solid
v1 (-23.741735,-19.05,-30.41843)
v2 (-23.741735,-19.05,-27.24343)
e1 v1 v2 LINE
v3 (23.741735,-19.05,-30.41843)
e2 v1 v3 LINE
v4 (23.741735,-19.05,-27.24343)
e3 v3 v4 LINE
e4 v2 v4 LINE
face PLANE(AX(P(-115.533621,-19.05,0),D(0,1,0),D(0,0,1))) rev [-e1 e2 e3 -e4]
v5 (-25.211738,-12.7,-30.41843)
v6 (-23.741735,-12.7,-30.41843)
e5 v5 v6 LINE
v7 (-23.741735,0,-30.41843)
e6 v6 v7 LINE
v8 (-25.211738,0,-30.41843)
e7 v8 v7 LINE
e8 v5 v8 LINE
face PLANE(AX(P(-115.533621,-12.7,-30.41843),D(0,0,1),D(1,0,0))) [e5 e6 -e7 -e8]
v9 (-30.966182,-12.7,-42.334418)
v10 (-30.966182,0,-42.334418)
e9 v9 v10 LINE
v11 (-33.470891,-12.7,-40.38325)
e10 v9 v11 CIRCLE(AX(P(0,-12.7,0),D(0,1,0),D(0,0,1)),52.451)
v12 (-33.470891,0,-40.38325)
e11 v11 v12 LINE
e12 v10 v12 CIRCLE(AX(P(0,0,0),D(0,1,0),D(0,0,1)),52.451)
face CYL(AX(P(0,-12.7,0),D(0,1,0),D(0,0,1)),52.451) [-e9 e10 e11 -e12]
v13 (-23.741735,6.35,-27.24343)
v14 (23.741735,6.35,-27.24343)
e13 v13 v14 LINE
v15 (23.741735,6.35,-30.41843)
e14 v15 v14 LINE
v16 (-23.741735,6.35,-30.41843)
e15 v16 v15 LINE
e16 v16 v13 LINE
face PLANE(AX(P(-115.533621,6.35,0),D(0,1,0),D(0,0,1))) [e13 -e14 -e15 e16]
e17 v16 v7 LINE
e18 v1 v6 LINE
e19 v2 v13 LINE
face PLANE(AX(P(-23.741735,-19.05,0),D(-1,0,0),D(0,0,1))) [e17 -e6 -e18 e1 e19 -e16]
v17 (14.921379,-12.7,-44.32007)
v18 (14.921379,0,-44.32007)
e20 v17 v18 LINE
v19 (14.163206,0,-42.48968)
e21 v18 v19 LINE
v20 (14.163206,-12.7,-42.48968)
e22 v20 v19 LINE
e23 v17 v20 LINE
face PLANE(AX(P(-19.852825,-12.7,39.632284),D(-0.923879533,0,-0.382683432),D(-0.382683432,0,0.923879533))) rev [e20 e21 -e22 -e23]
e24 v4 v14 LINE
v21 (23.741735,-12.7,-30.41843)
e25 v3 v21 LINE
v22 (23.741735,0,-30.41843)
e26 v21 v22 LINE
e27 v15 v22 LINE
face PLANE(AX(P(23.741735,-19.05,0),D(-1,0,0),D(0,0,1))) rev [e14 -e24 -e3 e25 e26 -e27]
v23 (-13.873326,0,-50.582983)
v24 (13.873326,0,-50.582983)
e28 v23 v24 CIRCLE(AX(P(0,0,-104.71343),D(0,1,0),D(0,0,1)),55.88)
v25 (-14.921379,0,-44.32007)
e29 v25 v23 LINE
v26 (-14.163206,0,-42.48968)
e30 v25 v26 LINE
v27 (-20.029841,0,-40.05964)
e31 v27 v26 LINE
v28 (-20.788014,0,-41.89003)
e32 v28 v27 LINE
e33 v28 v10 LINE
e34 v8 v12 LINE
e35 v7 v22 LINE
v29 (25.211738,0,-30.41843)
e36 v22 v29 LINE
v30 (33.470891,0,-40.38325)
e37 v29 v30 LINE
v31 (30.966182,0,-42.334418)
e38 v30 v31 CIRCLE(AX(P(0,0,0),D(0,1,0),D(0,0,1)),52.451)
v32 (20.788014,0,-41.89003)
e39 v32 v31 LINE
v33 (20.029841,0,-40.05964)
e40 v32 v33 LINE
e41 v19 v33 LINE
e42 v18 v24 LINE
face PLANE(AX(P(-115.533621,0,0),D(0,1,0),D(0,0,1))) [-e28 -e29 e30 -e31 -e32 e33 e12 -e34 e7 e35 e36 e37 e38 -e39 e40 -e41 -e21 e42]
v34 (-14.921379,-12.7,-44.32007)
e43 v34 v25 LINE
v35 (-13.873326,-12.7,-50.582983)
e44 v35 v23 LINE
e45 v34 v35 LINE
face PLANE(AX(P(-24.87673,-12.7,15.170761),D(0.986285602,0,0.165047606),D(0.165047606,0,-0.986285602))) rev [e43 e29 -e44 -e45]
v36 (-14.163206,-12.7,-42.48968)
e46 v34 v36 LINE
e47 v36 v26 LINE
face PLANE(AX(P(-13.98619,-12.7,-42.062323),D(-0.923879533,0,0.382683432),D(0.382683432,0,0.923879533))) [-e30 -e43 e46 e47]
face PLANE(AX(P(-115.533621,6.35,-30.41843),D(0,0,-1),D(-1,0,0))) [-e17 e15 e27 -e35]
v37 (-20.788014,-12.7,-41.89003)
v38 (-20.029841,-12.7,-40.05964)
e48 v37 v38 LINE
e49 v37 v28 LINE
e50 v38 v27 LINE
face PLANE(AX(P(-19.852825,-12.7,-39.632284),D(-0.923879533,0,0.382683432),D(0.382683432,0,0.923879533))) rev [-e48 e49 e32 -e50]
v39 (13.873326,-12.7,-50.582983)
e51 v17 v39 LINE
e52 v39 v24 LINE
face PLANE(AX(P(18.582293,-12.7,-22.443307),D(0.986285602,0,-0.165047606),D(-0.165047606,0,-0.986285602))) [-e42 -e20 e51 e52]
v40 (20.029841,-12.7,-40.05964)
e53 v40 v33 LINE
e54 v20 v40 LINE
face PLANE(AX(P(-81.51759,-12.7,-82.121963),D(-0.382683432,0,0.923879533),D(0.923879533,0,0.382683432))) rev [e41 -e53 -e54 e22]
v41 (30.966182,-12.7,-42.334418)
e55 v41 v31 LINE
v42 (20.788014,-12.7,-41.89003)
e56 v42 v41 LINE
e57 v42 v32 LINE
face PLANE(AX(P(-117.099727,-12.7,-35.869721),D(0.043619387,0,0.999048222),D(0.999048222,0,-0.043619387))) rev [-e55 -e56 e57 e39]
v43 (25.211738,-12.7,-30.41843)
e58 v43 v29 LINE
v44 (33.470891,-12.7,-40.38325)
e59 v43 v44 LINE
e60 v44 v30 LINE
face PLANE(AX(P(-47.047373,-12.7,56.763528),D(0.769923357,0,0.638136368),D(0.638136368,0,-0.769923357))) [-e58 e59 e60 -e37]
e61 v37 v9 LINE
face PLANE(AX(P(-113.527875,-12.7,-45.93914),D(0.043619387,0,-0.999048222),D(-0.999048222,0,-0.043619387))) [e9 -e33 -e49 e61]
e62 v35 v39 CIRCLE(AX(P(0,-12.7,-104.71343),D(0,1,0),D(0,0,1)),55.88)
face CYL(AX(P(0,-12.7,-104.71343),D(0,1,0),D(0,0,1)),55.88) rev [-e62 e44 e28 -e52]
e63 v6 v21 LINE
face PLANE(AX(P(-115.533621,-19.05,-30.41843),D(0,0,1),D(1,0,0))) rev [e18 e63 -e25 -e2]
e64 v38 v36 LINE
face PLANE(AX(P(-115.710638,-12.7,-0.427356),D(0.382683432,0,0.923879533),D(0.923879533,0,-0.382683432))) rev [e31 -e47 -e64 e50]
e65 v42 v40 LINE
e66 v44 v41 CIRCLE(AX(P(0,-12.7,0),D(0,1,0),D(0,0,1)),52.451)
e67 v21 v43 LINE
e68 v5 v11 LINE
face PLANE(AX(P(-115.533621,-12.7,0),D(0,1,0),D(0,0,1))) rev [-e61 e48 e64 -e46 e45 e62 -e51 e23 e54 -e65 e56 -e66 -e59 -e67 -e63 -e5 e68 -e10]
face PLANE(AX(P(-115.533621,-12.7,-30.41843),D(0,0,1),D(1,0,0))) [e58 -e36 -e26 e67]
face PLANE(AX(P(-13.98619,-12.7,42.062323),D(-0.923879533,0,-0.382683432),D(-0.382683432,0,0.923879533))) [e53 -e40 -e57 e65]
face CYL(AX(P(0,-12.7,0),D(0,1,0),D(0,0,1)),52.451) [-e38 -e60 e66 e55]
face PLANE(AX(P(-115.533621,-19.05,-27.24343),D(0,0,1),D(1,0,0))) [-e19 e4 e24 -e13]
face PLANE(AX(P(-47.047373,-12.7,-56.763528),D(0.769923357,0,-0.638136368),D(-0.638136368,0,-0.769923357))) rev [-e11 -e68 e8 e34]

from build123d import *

# Parameters (mm, degrees)
BOSS_EXTRUDE1_DEPTH = 12.7
SKETCH1_5_W         = 47.483470806
SKETCH1_5_H         = 3.175
BOSS_EXTRUDE2_DEPTH = 6.35
SKETCH1_6_W         = 47.483470806
SKETCH1_6_H         = 3.175
BOSS_EXTRUDE3_DEPTH = 19.05


with BuildPart() as part:
    # Sketch1 → Boss-Extrude1 (new body)
    with BuildSketch(Plane(origin=(0, 0, 0), x_dir=(1, 0, 0), z_dir=(0, 1, 0))):
        with BuildLine():
            Line((25.211738376, 30.418429692), (33.470890643, 40.38325))
            ThreePointArc((33.470890643, 40.38325), (32.233303271, 41.377790676), (30.966181765, 42.334418478))
            Line((30.966181765, 42.334418478), (20.788013819, 41.890030069))
            Line((20.788013819, 41.890030069), (20.029841402, 40.059639939))
            Line((20.029841402, 40.059639939), (14.163206371, 42.489679735))
            Line((14.163206371, 42.489679735), (14.921378787, 44.320069864))
            Line((14.921378787, 44.320069864), (13.87332649, 50.582983434))
            ThreePointArc((13.87332649, 50.582983434), (0, 48.833429692), (-13.87332649, 50.582983434))
            Line((-13.87332649, 50.582983434), (-14.921378787, 44.320069864))
            Line((-14.921378787, 44.320069864), (-14.163206371, 42.489679735))
            Line((-14.163206371, 42.489679735), (-20.029841402, 40.059639939))
            Line((-20.029841402, 40.059639939), (-20.788013819, 41.890030069))
            Line((-20.788013819, 41.890030069), (-30.966181765, 42.334418478))
            ThreePointArc((-30.966181765, 42.334418478), (-32.233303271, 41.377790676), (-33.470890643, 40.38325))
            Line((-33.470890643, 40.38325), (-25.211738376, 30.418429692))
            Line((-25.211738376, 30.418429692), (25.211738376, 30.418429692))
        make_face()
    extrude(amount=-BOSS_EXTRUDE1_DEPTH)



with BuildPart() as body_2:
    # Sketch1<5> → Boss-Extrude2 (new body)
    with BuildSketch(Plane(origin=(0, 0, 0), x_dir=(1, 0, 0), z_dir=(0, 1, 0))):
        with Locations((0, 28.830929692)):
            Rectangle(SKETCH1_5_W, SKETCH1_5_H)
    extrude(amount=BOSS_EXTRUDE2_DEPTH)


with BuildPart() as part_1:
    add(part.part)

    add(body_2.part)  # Boss-Extrude3 merges body 2
    # Sketch1<6> → Boss-Extrude3 (add)
    with BuildSketch(Plane(origin=(0, 0, 0), x_dir=(1, 0, 0), z_dir=(0, 1, 0))):
        with Locations((0, 28.830929692)):
            Rectangle(SKETCH1_6_W, SKETCH1_6_H)
    extrude(amount=-BOSS_EXTRUDE3_DEPTH)


solid = part_1.part
